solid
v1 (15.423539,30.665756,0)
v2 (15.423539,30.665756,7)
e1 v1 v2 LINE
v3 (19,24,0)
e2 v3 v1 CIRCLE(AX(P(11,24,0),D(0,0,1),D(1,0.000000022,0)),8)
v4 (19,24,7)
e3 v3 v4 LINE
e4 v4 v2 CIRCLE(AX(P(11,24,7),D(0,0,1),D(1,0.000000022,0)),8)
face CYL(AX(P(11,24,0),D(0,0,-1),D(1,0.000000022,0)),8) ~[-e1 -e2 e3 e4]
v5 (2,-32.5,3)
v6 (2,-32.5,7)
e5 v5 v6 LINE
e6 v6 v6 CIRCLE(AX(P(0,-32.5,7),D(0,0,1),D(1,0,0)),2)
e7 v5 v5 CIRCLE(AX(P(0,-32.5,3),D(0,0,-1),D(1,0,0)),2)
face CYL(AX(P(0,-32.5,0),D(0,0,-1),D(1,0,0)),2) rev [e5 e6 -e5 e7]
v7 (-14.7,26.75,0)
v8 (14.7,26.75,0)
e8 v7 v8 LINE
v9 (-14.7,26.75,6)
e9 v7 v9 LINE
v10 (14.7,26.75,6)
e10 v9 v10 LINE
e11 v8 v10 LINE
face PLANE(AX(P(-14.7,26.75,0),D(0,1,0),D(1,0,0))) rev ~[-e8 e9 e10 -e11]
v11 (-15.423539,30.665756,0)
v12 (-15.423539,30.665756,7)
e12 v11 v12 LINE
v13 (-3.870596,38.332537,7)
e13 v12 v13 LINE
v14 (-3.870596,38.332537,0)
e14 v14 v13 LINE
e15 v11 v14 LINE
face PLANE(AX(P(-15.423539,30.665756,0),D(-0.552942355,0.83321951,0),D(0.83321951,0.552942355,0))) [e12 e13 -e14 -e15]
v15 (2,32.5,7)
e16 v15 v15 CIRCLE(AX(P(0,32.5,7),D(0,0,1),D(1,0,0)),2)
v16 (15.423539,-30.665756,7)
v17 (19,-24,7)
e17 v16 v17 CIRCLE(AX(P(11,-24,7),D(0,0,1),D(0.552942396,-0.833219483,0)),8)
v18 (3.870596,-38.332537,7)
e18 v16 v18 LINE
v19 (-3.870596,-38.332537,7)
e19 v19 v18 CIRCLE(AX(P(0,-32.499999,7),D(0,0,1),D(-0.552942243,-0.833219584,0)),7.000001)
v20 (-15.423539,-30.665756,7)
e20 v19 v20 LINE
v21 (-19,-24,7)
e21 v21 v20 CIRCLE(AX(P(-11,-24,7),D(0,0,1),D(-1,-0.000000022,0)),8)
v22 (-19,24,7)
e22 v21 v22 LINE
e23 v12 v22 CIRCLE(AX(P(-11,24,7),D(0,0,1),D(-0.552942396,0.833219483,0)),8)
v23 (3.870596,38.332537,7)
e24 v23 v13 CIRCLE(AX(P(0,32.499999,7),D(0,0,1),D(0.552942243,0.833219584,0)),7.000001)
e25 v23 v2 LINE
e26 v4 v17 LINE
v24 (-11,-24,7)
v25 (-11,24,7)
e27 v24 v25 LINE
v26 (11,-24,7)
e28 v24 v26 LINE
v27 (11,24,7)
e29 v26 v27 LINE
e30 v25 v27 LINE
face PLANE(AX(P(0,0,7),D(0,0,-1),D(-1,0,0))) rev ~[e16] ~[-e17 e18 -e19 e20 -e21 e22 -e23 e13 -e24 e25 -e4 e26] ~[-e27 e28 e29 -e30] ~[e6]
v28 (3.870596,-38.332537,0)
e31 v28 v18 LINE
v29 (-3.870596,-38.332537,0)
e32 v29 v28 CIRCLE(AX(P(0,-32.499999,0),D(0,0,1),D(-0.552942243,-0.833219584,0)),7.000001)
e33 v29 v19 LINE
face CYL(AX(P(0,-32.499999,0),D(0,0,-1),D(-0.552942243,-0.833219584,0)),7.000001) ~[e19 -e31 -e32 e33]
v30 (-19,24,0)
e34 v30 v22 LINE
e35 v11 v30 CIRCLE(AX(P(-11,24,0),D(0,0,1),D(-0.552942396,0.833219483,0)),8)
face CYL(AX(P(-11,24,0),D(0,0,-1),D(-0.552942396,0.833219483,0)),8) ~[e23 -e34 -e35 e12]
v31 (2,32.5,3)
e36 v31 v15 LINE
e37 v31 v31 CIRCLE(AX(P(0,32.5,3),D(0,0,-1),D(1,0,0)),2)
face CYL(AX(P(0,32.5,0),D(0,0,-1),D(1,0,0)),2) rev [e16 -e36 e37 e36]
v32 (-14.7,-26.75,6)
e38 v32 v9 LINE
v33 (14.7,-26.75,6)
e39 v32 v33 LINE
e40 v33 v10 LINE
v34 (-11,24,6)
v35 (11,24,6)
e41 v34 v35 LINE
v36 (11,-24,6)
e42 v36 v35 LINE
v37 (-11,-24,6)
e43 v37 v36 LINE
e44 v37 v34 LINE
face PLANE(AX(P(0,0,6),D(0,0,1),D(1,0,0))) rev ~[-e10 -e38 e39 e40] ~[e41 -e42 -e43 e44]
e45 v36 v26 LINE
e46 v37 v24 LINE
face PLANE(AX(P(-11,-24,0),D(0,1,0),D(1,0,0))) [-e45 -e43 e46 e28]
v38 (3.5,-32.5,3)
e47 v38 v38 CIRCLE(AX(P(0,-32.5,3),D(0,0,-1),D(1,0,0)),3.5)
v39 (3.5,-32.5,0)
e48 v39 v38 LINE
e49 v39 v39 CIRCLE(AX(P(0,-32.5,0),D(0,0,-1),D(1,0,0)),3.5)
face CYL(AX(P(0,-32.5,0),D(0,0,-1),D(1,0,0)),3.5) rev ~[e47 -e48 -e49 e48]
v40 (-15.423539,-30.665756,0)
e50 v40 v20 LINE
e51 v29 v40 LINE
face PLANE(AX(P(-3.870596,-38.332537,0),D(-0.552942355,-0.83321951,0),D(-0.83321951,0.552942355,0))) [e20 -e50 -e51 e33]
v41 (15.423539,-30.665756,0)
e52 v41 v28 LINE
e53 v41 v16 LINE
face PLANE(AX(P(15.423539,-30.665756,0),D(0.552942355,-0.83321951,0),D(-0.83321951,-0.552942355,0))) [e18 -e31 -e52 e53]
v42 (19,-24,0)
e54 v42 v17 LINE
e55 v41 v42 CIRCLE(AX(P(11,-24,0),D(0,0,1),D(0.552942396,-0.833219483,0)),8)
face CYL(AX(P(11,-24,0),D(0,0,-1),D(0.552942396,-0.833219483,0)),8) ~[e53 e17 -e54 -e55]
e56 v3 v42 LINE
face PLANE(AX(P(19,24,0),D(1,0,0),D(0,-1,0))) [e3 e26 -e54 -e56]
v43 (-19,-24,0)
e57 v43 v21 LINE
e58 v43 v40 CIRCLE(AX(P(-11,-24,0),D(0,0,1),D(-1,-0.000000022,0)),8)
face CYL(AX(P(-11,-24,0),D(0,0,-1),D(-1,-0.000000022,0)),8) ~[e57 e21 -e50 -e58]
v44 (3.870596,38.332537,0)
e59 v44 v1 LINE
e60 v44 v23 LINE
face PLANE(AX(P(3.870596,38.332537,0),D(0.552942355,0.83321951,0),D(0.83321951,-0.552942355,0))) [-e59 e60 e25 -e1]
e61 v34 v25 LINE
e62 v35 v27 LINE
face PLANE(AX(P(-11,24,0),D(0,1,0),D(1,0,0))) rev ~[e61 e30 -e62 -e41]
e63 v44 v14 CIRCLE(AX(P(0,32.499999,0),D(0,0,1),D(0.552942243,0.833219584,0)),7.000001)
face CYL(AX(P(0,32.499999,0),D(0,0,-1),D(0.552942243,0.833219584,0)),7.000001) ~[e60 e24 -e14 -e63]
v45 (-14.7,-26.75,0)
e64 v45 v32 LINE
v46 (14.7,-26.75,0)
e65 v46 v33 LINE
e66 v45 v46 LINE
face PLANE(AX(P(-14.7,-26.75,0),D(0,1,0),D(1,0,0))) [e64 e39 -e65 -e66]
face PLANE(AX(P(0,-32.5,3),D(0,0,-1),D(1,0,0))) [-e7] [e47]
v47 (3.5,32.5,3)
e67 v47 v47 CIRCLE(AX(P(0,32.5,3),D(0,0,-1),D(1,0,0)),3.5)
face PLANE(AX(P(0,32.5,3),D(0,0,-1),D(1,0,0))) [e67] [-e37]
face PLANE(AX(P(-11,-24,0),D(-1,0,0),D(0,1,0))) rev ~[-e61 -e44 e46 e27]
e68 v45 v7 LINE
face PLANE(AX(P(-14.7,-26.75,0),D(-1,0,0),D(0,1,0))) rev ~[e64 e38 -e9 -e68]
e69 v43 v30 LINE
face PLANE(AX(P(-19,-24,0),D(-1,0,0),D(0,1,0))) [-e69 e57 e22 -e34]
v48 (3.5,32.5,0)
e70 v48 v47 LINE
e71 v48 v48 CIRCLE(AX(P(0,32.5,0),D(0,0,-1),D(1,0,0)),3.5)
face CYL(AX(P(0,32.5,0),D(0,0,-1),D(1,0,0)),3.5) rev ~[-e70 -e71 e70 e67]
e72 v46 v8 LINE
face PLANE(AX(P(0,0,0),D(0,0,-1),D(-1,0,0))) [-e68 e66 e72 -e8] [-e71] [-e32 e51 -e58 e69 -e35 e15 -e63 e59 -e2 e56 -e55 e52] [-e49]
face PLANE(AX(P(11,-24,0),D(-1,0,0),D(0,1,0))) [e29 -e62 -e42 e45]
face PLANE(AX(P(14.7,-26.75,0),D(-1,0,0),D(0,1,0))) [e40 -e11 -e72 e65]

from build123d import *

# Parameters (mm, degrees)
SKETCH_R        = 2
SKETCH_W        = 22
SKETCH_H        = 48
PAD_DEPTH       = 7
SKETCH001_W     = 29.4
SKETCH001_H     = 53.5
POCKET_DEPTH    = 6
SKETCH002_R     = 3.5
POCKET001_DEPTH = 3


with BuildPart() as part:
    # Sketch → Pad (new body)
    with BuildSketch(Plane.XY):
        with BuildLine():
            Line((3.870596, 38.332537), (15.423539, 30.665756))
            ThreePointArc((19, 24), (18.049408, 27.782307), (15.423539, 30.665756))
            Line((19, 24), (19, -24))
            ThreePointArc((15.423539, -30.665756), (18.049408, -27.782307), (19, -24))
            Line((15.423539, -30.665756), (3.870596, -38.332537))
            ThreePointArc((-3.870596, -38.332537), (0, -39.5), (3.870596, -38.332537))
            Line((-3.870596, -38.332537), (-15.423539, -30.665756))
            ThreePointArc((-19, -24), (-18.049408, -27.782307), (-15.423539, -30.665756))
            Line((-19, -24), (-19, 24))
            ThreePointArc((-15.423539, 30.665756), (-18.049408, 27.782307), (-19, 24))
            Line((-15.423539, 30.665756), (-3.870596, 38.332537))
            ThreePointArc((3.870596, 38.332537), (0, 39.5), (-3.870596, 38.332537))
        make_face()
        with Locations((0, 32.5)):
            Circle(SKETCH_R, mode=Mode.SUBTRACT)
        with Locations((0, -32.5)):
            Circle(SKETCH_R, mode=Mode.SUBTRACT)
        Rectangle(SKETCH_W, SKETCH_H, mode=Mode.SUBTRACT)
    extrude(amount=PAD_DEPTH)

    # Sketch001 → Pocket (cut)
    with BuildSketch(Plane.XY):
        Rectangle(SKETCH001_W, SKETCH001_H)
    extrude(amount=POCKET_DEPTH, mode=Mode.SUBTRACT)

    # Sketch002 (on Face4 of Pocket) → Pocket001 (cut)
    with BuildSketch(Plane(origin=(0, 0, 0), x_dir=(1, 0, 0), z_dir=(0, 0, -1))):
        with Locations((0, -32.5)):
            Circle(SKETCH002_R)
        with Locations((0, 32.5)):
            Circle(SKETCH002_R)
    extrude(amount=-POCKET001_DEPTH, mode=Mode.SUBTRACT)


solid = part.part
